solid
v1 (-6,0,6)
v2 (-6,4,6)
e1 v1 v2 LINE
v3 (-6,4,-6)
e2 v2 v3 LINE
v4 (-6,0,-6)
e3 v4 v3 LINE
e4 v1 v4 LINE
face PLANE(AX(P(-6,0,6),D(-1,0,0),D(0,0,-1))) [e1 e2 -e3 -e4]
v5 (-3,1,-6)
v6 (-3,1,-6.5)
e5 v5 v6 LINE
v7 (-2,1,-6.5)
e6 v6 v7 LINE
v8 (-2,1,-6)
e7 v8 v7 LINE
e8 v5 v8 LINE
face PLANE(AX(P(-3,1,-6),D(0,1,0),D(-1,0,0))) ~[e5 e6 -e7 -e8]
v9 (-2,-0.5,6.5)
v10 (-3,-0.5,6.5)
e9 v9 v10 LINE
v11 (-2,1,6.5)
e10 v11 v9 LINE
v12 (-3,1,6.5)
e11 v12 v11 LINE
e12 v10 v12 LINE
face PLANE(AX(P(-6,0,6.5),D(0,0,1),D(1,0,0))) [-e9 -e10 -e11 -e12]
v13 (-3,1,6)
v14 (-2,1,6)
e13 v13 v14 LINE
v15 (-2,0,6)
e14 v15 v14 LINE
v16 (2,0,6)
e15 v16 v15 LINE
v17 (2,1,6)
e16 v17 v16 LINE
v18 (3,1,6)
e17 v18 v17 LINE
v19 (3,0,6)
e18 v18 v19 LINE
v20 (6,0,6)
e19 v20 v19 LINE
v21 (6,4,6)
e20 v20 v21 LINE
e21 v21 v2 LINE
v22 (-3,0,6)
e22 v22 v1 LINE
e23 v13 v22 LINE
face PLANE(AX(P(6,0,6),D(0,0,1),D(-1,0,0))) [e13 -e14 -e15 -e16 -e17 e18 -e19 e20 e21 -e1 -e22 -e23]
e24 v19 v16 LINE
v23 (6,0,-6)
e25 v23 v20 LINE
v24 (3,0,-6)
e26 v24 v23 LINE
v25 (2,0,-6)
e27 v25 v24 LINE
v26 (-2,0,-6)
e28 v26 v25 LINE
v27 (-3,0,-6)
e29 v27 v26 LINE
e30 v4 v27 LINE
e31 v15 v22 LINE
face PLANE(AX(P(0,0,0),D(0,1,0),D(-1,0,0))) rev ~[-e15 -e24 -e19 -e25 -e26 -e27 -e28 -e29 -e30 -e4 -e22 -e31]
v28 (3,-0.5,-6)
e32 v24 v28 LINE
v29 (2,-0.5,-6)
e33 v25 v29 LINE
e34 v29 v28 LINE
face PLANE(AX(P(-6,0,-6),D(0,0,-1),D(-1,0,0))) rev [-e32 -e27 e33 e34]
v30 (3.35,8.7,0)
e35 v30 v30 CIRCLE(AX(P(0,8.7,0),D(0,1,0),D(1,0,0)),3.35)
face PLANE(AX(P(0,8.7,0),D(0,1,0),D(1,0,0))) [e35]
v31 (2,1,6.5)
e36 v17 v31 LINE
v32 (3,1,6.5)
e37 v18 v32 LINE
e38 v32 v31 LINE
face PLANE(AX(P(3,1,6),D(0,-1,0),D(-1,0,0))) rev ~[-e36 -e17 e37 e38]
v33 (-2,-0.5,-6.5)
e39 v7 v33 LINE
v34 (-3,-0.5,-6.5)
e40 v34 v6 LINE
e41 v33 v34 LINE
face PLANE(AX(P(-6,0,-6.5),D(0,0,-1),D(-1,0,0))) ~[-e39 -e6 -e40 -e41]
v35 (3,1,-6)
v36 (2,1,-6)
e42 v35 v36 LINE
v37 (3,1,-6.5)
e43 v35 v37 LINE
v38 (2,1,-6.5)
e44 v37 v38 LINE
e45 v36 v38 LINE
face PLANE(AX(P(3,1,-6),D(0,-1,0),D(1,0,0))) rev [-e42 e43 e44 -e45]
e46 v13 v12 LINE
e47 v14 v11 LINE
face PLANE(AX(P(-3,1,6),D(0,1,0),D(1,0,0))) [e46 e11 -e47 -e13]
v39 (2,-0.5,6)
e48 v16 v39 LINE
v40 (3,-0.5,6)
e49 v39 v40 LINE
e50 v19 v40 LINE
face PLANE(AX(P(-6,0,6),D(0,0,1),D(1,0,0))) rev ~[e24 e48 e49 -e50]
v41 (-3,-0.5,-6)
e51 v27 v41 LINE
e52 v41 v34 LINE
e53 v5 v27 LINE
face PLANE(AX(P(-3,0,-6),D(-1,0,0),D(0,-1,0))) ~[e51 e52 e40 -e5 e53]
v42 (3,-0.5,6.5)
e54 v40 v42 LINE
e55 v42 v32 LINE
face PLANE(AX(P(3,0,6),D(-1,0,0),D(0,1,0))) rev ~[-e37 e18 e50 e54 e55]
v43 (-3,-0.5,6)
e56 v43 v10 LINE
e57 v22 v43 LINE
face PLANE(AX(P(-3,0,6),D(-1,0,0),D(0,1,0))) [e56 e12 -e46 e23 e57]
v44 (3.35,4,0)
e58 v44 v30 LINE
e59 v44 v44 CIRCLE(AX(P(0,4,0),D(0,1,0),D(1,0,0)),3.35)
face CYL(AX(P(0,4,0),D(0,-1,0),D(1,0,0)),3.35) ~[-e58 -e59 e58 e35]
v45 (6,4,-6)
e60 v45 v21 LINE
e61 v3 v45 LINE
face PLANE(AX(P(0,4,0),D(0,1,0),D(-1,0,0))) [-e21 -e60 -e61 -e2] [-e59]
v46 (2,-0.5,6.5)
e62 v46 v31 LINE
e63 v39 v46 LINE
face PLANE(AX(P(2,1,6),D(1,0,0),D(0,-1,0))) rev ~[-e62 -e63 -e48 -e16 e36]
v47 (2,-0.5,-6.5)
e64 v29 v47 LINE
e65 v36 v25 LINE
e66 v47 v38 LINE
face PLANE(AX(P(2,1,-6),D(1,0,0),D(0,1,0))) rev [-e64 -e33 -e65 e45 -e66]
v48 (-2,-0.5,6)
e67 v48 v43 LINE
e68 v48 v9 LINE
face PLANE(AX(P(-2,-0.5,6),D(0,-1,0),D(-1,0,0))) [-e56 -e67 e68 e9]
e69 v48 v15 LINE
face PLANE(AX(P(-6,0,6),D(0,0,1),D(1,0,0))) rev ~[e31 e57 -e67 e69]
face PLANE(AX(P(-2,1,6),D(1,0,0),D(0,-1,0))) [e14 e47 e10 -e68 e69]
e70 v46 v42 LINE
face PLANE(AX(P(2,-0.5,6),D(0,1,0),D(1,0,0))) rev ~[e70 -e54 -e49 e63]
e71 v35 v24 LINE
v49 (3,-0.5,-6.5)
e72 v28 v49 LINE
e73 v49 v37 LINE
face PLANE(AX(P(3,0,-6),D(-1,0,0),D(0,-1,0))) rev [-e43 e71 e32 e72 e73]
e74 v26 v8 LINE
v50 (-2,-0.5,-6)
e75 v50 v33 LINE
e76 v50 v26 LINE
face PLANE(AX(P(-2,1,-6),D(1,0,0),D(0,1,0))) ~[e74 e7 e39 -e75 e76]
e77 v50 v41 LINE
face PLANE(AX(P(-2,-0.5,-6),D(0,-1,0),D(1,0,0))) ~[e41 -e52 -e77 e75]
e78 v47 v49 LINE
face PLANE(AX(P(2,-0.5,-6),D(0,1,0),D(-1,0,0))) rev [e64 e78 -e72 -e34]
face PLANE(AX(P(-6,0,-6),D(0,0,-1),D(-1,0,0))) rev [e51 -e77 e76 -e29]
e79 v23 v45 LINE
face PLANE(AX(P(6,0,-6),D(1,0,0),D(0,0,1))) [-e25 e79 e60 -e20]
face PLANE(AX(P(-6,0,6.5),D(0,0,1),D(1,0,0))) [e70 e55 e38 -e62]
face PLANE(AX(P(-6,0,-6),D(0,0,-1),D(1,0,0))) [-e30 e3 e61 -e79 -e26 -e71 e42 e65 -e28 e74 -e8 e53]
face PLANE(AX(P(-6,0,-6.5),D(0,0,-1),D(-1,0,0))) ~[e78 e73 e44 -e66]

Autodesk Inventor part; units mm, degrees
ref_plane "YZ Plane" through (0, 0, 0) normal (1, 0, 0) x (0, 1, 0)
ref_plane "XZ Plane" through (0, 0, 0) normal (0, 1, 0) x (-1, 0, 0)
sketch "Sketch1" plane through (0, 0, 0) normal (0, 1, 0) x (-1, 0, 0)
  line L0 (-6, 6) -> (6, 6)
  line L1 (6, 6) -> (6, -6)
  line L2 (6, -6) -> (-6, -6)
  line L3 (-6, -6) -> (-6, 6)
  line L4 (-6, 6) -> (6, -6) construction
  line L5 (6, 6) -> (-6, -6) construction
  point P0 (0, 0)
  dimension "d0" = 12
  dimension "d1" = 12
extrude "Extrusion1" add sketch "Sketch1" along normal blind 4
sketch "Sketch2" plane through (0, 4, 0) normal (0, 1, 0) x (1, 0, 0)
  circle A0 centre (0, 0) radius 3.35
  dimension "d4" = 6.7
extrude "Extrusion2" add sketch "Sketch2" along normal blind 4.7
sketch "Sketch3" plane through (-6, 0, 6) normal (0, 0, 1) x (1, 0, 0)
  line L0 (3, 1) -> (4, 1)
  line L1 (4, 1) -> (4, -0.5)
  line L2 (12, 0) -> (0, 0) projected
  line L3 (4, -0.5) -> (3, -0.5)
  line L4 (3, -0.5) -> (3, 1)
  line L5 (0, 0) -> (0, 4) projected
  line L6 (6, 3.8576) -> (6, 0) construction
  line L7 (9, 1) -> (8, 1)
  line L8 (8, 1) -> (8, -0.5)
  line L9 (8, -0.5) -> (9, -0.5)
  line L10 (9, -0.5) -> (9, 1)
  dimension "d7" = 1
  dimension "d8" = 1
  dimension "d9" = 1.5
  dimension "d10" = 3
extrude "Extrusion3" add sketch "Sketch3" along normal blind 0.5
mirror "Mirror1" about plane through (0, 0, 0) normal (0, 0, 1) of "Extrusion3"
properties part number "Push_Button"
